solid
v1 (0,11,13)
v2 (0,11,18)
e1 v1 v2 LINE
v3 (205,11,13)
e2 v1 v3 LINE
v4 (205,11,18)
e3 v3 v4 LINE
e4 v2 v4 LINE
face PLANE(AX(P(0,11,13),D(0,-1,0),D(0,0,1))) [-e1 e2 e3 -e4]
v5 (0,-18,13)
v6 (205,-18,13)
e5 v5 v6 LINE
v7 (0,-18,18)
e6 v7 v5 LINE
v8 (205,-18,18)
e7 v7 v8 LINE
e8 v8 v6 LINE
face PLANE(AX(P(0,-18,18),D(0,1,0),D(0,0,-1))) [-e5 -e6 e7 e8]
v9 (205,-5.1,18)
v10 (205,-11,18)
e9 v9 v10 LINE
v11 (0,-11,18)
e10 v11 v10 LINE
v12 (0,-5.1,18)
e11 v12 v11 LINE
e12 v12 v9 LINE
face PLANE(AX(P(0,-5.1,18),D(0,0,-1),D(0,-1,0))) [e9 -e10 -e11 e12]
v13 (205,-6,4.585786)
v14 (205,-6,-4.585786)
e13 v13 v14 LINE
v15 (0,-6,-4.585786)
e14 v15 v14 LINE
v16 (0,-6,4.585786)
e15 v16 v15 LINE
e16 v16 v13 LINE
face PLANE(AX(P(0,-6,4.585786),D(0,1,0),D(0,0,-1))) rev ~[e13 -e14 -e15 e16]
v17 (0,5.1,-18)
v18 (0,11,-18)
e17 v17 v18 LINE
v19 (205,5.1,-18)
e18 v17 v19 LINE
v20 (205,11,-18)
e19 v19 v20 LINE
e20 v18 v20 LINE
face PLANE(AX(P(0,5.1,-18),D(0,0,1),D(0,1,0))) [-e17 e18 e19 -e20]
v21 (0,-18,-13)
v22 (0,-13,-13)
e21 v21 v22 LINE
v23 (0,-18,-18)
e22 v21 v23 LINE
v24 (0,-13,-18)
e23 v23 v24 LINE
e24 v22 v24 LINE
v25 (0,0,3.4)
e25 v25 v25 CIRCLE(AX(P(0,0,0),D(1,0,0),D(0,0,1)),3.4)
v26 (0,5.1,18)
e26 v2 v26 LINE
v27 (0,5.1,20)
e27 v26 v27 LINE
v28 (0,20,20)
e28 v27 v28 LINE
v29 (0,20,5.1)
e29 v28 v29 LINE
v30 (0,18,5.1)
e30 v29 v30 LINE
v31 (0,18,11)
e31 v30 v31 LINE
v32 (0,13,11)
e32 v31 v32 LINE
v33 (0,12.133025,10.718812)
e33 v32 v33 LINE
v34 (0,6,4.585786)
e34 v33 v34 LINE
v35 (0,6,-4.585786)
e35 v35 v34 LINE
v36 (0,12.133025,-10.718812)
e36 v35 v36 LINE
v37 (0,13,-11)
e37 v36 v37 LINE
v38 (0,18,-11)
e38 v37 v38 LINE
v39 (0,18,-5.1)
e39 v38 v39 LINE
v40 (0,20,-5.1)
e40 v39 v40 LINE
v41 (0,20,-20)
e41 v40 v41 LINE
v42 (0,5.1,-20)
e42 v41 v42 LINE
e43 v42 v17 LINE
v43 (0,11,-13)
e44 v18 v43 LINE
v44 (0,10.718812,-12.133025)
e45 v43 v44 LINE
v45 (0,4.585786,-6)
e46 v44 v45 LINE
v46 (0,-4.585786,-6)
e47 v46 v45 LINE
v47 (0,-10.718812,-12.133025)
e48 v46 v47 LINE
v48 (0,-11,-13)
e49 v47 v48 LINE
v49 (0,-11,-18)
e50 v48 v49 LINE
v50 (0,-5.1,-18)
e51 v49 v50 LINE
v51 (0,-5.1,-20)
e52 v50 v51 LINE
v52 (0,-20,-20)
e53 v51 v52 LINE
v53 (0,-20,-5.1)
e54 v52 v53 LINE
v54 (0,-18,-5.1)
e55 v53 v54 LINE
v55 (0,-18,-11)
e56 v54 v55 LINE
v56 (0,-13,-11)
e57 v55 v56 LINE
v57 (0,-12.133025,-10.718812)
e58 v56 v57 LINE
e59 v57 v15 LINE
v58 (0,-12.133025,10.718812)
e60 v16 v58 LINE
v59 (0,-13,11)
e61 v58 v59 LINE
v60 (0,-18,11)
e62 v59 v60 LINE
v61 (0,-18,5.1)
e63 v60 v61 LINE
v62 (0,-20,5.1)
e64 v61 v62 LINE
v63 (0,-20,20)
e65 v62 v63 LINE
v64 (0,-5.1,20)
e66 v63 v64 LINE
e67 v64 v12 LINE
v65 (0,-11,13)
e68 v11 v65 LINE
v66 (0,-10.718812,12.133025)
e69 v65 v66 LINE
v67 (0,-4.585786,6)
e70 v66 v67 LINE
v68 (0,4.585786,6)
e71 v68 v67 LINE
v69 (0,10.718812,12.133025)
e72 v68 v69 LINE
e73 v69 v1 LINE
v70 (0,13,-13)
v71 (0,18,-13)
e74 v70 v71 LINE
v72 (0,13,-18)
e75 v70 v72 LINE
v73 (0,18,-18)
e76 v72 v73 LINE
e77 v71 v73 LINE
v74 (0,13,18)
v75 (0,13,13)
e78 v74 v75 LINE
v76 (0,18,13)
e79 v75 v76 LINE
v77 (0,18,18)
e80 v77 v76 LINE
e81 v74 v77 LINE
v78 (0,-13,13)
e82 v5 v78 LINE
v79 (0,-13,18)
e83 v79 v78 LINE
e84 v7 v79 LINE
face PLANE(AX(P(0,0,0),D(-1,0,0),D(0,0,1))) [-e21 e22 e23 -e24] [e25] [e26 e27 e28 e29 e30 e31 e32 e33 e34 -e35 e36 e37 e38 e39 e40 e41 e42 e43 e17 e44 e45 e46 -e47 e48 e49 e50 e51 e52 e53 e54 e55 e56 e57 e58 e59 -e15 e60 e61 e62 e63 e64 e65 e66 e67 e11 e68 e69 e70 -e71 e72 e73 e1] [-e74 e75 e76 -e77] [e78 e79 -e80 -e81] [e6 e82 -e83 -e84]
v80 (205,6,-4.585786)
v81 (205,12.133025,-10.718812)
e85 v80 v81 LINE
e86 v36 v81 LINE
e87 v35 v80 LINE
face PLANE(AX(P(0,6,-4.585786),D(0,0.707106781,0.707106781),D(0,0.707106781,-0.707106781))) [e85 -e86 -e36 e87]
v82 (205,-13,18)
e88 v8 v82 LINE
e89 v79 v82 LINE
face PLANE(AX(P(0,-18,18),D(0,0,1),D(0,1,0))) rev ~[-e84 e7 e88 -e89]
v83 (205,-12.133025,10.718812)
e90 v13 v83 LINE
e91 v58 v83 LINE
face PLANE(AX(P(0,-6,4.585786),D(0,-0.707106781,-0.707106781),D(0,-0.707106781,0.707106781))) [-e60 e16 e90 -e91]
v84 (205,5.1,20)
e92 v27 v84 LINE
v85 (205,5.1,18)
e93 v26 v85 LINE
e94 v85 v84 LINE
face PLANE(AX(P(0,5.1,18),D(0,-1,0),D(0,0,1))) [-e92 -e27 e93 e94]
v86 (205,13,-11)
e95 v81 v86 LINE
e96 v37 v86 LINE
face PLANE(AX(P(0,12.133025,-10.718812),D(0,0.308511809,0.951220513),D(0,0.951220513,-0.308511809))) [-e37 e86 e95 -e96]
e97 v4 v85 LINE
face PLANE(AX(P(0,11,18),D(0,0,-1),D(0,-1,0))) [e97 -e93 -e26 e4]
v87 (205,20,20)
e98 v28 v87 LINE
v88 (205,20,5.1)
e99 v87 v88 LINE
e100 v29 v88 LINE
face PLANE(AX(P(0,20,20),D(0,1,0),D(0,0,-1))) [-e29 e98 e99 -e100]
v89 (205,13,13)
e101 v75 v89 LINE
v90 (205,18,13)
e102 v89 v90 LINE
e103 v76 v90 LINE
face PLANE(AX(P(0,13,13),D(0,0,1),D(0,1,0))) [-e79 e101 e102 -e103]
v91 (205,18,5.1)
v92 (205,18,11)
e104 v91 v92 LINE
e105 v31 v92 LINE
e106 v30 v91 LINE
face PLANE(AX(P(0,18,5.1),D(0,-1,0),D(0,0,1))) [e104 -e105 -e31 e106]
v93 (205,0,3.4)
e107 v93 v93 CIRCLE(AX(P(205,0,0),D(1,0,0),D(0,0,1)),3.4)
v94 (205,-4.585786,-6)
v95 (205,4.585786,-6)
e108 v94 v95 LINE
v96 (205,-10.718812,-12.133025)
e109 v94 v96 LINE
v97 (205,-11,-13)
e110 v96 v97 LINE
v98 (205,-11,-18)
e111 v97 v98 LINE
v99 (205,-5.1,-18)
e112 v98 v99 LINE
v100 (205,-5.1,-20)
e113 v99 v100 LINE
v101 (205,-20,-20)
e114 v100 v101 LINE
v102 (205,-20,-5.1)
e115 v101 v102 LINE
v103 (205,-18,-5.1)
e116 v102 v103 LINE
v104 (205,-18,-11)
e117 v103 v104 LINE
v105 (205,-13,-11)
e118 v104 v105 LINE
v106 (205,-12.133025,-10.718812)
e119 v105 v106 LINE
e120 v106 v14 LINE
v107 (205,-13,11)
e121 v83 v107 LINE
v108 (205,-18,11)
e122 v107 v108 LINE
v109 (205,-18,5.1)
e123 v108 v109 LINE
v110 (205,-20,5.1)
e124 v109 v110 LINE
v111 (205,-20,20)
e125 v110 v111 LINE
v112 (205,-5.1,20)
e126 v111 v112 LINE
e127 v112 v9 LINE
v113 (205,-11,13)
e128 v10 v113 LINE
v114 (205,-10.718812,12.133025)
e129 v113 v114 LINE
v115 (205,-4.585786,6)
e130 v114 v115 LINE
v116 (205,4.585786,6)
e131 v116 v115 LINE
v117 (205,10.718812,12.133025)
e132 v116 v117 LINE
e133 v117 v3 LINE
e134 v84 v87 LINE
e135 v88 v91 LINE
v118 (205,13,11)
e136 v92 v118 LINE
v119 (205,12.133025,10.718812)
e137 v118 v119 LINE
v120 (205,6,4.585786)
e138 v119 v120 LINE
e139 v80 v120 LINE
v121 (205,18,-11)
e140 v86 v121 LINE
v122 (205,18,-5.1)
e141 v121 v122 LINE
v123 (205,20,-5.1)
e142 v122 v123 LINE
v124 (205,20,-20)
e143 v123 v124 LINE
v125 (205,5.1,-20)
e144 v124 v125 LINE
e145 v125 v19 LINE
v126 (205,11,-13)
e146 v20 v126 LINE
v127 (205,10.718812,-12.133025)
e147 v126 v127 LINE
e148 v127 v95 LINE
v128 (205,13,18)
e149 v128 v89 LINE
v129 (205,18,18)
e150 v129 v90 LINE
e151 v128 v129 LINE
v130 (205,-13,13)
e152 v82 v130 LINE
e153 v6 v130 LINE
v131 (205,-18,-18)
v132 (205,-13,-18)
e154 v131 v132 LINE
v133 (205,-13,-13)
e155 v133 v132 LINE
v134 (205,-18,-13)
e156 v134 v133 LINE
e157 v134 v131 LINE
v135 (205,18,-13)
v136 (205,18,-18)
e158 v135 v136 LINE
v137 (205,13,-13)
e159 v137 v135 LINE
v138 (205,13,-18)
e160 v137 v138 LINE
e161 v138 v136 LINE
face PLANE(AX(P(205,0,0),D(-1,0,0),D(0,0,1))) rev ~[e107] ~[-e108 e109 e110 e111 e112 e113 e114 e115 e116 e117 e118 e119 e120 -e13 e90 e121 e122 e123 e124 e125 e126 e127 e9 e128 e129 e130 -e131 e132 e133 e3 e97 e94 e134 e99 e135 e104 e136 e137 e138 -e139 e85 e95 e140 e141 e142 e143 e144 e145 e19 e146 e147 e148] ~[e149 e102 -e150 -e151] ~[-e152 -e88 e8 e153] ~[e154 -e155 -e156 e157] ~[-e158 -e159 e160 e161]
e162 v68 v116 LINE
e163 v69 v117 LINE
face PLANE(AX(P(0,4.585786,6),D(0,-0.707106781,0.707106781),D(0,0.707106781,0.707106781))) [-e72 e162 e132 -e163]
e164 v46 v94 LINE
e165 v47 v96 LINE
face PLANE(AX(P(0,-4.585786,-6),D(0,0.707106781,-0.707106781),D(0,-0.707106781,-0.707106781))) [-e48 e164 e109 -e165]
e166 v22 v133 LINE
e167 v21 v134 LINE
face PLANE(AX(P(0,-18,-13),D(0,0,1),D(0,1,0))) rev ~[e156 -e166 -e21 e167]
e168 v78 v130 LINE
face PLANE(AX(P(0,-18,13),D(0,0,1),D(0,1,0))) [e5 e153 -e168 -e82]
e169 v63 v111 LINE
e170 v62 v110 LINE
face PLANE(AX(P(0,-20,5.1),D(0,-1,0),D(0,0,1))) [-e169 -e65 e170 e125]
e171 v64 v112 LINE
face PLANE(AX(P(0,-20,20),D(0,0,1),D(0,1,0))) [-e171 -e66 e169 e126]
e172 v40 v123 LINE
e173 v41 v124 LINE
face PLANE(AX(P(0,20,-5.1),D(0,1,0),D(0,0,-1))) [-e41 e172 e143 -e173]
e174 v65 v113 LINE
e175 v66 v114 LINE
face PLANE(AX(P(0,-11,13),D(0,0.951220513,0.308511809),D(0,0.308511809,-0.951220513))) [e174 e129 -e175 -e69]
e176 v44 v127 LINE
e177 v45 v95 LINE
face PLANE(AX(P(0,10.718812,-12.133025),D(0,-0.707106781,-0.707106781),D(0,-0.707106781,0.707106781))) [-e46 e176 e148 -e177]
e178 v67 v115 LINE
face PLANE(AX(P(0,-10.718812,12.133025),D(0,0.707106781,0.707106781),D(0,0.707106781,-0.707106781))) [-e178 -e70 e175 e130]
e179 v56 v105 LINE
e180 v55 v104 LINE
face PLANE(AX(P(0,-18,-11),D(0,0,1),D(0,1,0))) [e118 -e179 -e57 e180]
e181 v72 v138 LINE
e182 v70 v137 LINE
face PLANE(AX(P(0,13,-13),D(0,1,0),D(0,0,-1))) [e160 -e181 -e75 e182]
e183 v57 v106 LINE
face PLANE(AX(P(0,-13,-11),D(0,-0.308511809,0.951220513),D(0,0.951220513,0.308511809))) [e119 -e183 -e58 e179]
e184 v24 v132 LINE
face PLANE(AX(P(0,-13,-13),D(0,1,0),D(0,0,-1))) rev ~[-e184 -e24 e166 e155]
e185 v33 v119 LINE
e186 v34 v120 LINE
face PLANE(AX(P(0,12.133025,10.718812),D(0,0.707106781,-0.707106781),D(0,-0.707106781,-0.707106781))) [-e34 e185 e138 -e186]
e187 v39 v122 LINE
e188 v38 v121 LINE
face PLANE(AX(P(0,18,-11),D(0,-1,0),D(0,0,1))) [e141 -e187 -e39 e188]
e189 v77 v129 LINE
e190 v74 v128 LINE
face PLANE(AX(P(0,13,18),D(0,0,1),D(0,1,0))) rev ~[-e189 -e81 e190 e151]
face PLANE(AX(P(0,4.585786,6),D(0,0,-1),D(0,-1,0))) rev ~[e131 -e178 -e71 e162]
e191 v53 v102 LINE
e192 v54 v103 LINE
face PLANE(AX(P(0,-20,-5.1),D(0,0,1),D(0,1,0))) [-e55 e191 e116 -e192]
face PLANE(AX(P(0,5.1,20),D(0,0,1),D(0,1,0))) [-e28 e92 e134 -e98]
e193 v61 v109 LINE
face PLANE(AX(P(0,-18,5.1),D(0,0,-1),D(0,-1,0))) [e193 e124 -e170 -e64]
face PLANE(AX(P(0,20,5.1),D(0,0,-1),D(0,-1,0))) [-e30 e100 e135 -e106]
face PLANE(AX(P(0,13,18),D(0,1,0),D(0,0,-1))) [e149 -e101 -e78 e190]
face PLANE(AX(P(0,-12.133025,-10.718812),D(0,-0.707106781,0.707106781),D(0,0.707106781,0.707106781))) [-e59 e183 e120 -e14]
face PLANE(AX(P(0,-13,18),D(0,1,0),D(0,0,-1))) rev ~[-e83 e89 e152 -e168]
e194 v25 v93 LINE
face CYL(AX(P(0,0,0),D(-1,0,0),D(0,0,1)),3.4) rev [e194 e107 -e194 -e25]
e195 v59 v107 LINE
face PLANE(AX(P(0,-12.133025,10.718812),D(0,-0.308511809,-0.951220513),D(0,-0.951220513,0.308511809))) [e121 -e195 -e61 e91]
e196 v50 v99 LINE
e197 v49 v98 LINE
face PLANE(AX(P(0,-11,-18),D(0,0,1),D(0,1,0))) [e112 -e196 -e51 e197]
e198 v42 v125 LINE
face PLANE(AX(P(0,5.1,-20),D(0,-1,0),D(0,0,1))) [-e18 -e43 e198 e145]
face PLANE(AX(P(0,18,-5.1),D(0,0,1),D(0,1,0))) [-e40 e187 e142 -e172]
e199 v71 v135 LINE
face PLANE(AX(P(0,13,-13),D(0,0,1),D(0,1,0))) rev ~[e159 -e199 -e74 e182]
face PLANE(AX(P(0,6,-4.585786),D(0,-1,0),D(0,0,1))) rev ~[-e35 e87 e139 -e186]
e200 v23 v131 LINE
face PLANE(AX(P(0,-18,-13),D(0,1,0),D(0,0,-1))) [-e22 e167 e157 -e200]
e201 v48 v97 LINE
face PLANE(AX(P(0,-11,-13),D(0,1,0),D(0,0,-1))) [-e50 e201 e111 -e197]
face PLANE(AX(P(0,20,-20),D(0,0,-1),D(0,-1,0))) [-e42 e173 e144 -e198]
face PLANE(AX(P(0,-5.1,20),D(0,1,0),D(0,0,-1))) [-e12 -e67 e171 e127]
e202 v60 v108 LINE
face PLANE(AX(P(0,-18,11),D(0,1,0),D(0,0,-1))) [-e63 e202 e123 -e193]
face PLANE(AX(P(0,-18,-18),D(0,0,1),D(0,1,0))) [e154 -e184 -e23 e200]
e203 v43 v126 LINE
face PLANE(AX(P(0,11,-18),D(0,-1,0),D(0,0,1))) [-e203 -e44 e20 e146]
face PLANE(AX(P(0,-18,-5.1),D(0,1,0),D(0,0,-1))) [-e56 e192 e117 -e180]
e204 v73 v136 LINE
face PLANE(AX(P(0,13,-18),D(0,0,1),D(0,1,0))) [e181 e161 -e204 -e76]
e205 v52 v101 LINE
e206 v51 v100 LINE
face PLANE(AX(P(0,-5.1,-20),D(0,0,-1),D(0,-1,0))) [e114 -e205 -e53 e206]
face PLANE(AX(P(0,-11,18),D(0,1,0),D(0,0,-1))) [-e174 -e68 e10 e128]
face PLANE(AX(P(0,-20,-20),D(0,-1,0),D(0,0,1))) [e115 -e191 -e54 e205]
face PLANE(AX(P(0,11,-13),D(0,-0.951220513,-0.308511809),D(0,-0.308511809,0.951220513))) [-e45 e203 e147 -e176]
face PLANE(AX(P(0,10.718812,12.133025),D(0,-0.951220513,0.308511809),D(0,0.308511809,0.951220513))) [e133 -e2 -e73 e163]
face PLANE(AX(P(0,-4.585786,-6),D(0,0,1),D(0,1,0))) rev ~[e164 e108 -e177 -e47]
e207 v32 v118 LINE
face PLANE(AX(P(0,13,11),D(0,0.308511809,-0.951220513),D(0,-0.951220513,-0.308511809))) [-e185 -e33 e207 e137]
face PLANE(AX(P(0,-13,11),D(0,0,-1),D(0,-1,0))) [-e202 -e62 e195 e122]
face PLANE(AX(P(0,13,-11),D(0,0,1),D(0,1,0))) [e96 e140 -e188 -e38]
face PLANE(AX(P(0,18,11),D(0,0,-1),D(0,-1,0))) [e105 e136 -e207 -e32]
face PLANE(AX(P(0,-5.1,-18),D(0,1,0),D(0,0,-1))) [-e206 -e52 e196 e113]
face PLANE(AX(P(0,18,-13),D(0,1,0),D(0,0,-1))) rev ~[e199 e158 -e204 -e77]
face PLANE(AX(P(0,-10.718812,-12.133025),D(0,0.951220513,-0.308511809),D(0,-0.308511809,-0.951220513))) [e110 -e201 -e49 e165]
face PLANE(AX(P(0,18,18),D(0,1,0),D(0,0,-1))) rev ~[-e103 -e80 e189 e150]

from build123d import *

# Parameters (mm, degrees)
SKETCH_1_R      = 3.4
SKETCH_1_W      = 5
SKETCH_1_H      = 5
EXTRUDE_1_DEPTH = 205


with BuildPart() as part:
    # 草图1 → 凸台-拉伸1 (new body)
    with BuildSketch(Plane(origin=(0, 0, 0), x_dir=(0, 0, -1), z_dir=(1, 0, 0))):
        Polygon((0, 6), (4.585786438, 6), (10.718811909, 12.133025471), (11, 13), (11, 18), (5.1, 18), (5.1, 20), (20, 20), (20, 5.1), (18, 5.1), (18, 11), (13, 11), (12.133025471, 10.718811909), (6, 4.585786438), (6, 0), (6, -4.585786438), (12.133025471, -10.718811909), (13, -11), (18, -11), (18, -5.1), (20, -5.1), (20, -20), (5.1, -20), (5.1, -18), (11, -18), (11, -13), (10.718811909, -12.133025471), (4.585786438, -6), (0, -6), (-4.585786438, -6), (-10.718811909, -12.133025471), (-11, -13), (-11, -18), (-5.1, -18), (-5.1, -20), (-20, -20), (-20, -5.1), (-18, -5.1), (-18, -11), (-13, -11), (-12.133025471, -10.718811909), (-6, -4.585786438), (-6, 0), (-6, 4.585786438), (-12.133025471, 10.718811909), (-13, 11), (-18, 11), (-18, 5.1), (-20, 5.1), (-20, 20), (-5.1, 20), (-5.1, 18), (-11, 18), (-11, 13), (-10.718811909, 12.133025471), (-4.585786438, 6), align=None)
        with Locations(Location((0, 0, 0), (0, 0, 180))):
            Circle(SKETCH_1_R, mode=Mode.SUBTRACT)
        with Locations((15.5, -15.5)):
            Rectangle(SKETCH_1_W, SKETCH_1_H, mode=Mode.SUBTRACT)
        with Locations((15.5, 15.5)):
            Rectangle(SKETCH_1_W, SKETCH_1_H, mode=Mode.SUBTRACT)
        with Locations((-15.5, -15.5)):
            Rectangle(SKETCH_1_W, SKETCH_1_H, mode=Mode.SUBTRACT)
        with Locations((-15.5, 15.5)):
            Rectangle(SKETCH_1_W, SKETCH_1_H, mode=Mode.SUBTRACT)
    extrude(amount=EXTRUDE_1_DEPTH)


solid = part.part
